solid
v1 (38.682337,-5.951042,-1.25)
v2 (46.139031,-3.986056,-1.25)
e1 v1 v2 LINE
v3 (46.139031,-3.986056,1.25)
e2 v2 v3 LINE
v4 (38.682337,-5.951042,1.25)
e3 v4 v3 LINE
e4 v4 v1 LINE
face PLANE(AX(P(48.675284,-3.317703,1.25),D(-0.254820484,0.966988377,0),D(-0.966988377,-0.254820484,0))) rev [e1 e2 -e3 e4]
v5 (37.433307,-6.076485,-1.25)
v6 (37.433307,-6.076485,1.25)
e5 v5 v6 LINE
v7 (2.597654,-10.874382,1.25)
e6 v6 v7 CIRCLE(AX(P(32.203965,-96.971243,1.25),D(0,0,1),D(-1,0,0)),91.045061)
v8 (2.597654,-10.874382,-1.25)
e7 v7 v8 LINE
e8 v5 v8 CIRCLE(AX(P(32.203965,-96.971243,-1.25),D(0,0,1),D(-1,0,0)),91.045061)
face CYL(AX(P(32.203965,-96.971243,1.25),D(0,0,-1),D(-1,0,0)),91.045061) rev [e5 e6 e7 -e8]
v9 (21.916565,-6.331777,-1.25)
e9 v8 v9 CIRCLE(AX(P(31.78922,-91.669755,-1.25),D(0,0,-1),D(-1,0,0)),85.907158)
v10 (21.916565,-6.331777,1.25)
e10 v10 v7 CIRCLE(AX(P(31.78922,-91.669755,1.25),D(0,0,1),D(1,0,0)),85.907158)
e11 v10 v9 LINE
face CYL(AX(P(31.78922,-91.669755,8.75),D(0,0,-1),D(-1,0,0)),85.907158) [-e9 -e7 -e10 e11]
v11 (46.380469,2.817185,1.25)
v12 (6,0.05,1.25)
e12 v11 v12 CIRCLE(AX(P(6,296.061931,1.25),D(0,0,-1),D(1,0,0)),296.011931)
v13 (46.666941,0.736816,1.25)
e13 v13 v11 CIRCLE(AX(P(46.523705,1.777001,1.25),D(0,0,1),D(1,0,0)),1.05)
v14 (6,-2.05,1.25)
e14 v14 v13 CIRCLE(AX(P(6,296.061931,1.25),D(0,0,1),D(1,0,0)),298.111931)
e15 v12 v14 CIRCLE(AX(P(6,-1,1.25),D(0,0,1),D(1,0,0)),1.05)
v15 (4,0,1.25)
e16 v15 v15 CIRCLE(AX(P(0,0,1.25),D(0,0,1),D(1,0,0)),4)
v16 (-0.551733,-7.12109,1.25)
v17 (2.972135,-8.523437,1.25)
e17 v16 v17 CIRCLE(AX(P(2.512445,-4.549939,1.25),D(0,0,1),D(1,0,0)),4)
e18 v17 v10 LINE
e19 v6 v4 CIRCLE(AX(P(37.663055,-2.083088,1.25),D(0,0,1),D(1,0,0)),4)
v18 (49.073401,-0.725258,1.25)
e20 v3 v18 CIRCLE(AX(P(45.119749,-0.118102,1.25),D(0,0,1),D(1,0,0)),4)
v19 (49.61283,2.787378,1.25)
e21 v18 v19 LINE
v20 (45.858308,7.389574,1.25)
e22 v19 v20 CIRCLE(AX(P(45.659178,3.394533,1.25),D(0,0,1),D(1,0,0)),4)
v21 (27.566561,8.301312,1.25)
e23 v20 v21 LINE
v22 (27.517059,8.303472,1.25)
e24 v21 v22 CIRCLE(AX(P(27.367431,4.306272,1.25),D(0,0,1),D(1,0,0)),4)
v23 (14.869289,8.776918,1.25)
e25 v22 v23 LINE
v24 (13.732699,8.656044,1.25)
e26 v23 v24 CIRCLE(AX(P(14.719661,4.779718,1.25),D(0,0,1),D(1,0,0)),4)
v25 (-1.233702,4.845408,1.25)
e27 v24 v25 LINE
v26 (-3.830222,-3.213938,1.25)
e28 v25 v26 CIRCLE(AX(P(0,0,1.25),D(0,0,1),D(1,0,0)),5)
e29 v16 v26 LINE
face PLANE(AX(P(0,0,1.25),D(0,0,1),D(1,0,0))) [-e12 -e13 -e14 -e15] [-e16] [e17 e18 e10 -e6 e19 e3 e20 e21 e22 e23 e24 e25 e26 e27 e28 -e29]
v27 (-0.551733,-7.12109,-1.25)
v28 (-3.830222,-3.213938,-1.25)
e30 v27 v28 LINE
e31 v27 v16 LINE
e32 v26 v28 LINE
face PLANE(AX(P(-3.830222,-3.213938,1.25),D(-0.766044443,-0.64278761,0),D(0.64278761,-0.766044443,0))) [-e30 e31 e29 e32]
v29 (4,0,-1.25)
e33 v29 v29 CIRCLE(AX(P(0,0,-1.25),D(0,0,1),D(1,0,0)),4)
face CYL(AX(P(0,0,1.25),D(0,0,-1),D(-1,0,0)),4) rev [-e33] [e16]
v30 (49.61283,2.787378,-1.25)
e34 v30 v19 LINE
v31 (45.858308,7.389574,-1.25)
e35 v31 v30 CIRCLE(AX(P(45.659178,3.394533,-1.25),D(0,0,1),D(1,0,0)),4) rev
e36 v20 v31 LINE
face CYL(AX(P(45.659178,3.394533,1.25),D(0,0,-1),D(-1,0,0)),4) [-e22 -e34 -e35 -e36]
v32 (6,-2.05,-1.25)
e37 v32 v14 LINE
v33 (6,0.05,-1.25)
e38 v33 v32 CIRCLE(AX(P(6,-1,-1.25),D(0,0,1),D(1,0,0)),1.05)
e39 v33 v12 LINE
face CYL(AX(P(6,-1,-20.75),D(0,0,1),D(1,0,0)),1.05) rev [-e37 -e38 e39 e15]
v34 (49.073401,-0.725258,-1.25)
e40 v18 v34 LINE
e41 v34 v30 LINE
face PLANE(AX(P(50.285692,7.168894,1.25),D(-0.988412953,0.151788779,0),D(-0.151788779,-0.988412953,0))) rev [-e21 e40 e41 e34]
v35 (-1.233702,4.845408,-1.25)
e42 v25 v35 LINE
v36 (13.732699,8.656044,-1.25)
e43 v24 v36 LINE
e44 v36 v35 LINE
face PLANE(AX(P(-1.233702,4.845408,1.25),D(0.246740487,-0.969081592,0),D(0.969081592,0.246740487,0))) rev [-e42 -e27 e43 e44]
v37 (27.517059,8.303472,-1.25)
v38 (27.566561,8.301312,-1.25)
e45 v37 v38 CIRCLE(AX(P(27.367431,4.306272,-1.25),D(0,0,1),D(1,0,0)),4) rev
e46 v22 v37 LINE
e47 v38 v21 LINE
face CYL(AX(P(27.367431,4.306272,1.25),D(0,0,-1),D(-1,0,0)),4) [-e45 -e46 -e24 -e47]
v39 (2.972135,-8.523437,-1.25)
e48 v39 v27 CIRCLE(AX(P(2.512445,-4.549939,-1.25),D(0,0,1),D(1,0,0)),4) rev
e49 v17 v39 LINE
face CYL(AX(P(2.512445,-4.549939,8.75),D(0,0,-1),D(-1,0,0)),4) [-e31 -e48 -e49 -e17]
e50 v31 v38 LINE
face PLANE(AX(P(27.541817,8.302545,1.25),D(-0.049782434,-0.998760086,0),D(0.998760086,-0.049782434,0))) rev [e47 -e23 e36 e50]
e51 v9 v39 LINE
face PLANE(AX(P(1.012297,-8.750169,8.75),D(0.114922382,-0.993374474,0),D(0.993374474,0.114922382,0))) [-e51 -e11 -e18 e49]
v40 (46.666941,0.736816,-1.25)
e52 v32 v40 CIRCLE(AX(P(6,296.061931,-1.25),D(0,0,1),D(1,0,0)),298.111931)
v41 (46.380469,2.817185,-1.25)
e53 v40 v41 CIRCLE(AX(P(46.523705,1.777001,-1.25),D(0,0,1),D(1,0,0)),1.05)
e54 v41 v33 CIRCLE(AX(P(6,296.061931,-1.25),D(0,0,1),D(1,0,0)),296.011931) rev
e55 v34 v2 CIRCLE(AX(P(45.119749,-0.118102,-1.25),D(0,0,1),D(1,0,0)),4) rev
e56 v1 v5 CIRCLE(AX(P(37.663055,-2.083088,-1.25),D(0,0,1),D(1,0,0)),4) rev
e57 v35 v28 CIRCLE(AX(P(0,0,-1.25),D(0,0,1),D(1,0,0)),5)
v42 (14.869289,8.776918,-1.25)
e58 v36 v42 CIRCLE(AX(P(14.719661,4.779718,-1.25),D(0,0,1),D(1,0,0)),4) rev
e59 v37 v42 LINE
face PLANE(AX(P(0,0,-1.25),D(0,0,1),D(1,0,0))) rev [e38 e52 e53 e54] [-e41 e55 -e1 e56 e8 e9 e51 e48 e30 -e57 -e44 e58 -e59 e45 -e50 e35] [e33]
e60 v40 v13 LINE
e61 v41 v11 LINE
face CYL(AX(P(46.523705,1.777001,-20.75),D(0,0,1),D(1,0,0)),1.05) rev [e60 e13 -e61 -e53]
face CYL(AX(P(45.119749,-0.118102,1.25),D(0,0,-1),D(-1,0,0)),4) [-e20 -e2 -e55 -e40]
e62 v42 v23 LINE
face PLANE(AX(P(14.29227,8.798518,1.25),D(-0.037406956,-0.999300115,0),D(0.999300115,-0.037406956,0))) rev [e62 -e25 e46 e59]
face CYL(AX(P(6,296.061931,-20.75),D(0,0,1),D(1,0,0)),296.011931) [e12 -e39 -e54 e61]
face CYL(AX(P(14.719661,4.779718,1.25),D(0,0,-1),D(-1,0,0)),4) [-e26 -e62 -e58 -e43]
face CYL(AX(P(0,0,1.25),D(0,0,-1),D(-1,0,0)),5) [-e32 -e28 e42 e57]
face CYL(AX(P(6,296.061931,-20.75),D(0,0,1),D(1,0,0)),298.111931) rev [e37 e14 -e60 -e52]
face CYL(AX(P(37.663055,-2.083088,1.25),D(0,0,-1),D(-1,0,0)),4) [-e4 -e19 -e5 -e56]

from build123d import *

# Parameters (mm, degrees)
SKETCH_1_R          = 4
EXTRUDE_1_DEPTH     = 1.25
CUT_EXTRUDE_1_DEPTH = 22
EXTRUDE_START       = -2.5
EXTRUDE_2_DEPTH     = 2.5
CUT_EXTRUDE_START   = -2.5
CUT_EXTRUDE_2_DEPTH = 2.5
CUT_EXTRUDE_4_DEPTH = 10
FILLET_1_R          = 4


with BuildPart() as part:
    # 草图1 → 凸台-拉伸1 (new, symmetric)
    with BuildSketch(Plane.XY):
        with BuildLine():
            Line((-1.233702436, 4.84540796), (14.292269552, 8.798517714))
            Line((14.292269552, 8.798517714), (27.541816671, 8.302545362))
            Line((27.541816671, 8.302545362), (50.285691672, 7.168894271))
            Line((50.285691672, 7.168894271), (48.971743891, -1.387225717))
            Line((48.971743891, -1.387225717), (38.114277377, -2.724152564))
            Line((38.114277377, -2.724152564), (18.384478153, -4.790312237))
            Line((18.384478153, -4.790312237), (3.124153733, -7.364758207))
            Line((3.124153733, -7.364758207), (-2.372822781, -4.401103504))
            ThreePointArc((-2.372822781, -4.401103504), (-4.962484216, 0.611351292), (-1.233702436, 4.84540796))
        make_face()
        Circle(SKETCH_1_R, mode=Mode.SUBTRACT)
    extrude(amount=EXTRUDE_1_DEPTH, both=True)

    # 草图2 → 切除-拉伸1 (cut)
    with BuildSketch(Plane.XY.offset(1.25)):
        with BuildLine():
            ThreePointArc((6, -2.05), (26.381158068, -1.352479883), (46.666940766, 0.736816365))
            ThreePointArc((46.666940766, 0.736816365), (47.563889378, 1.920236488), (46.380469254, 2.8171851))
            ThreePointArc((46.380469254, 2.8171851), (26.237586384, 0.742606553), (6, 0.05))
            ThreePointArc((6, 0.05), (4.95, -1), (6, -2.05))
        make_face()
    extrude(amount=-CUT_EXTRUDE_1_DEPTH, mode=Mode.SUBTRACT)

    # 草图3 → 凸台-拉伸2 (add)
    with BuildSketch(Plane(origin=(0, 0, -1.25), x_dir=(-1, 0, 0), z_dir=(0, 0, -1)).offset(EXTRUDE_START)):
        with BuildLine():
            Line((3.830222216, -3.213938048), (-2.597653881, -10.87438248))
            ThreePointArc((-2.597653881, -10.87438248), (-25.103045153, -6.203517484), (-48.061011216, -7.317703438))
            Line((-48.061011216, -7.317703438), (-48.971743891, -1.387225717))
            Line((-48.971743891, -1.387225717), (-38.114277377, -2.724152564))
            Line((-38.114277377, -2.724152564), (-18.384478153, -4.790312237))
            Line((-18.384478153, -4.790312237), (-3.124153733, -7.364758207))
            Line((-3.124153733, -7.364758207), (2.372822781, -4.401103504))
            ThreePointArc((2.372822781, -4.401103504), (3.157812892, -3.876624529), (3.830222216, -3.213938048))
        make_face()
    extrude(amount=EXTRUDE_2_DEPTH)

    # 草图4 → 切除-拉伸2 (cut)
    with BuildSketch(Plane(origin=(0, 0, -1.25), x_dir=(-1, 0, 0), z_dir=(0, 0, -1)).offset(CUT_EXTRUDE_START)):
        with BuildLine():
            Line((-48.675283939, -3.317703438), (-38.061011216, -6.114773366))
            ThreePointArc((-38.061011216, -6.114773366), (-43.07765861, -6.577848026), (-48.061011216, -7.317703438))
            Line((-48.061011216, -7.317703438), (-48.675283939, -3.317703438))
        make_face()
    extrude(amount=CUT_EXTRUDE_2_DEPTH, mode=Mode.SUBTRACT)

    # 草图6 → 切除-拉伸4 (cut)
    with BuildSketch(Plane(origin=(0, 0, -1.25), x_dir=(-1, 0, 0), z_dir=(0, 0, -1))):
        with BuildLine():
            ThreePointArc((-21.916565225, -6.331777176), (-20.02762746, -6.571548728), (-18.144467787, -6.853126294))
            ThreePointArc((-18.144467787, -6.853126294), (-10.276894061, -8.499690713), (-2.597653881, -10.87438248))
            Line((-2.597653881, -10.87438248), (-0.832664521, -8.770950068))
            Line((-0.832664521, -8.770950068), (-21.916565225, -6.331777176))
        make_face()
    extrude(amount=-CUT_EXTRUDE_4_DEPTH, mode=Mode.SUBTRACT)

    # 圆角1
    fillet_1_edges = [part.edges().sort_by_distance(p)[0] for p in [
        (14.292269552, 8.798517714, 0),
        (27.541816671, 8.302545362, 0),
        (50.285691672, 7.168894271, 0),
        (48.675283939, -3.317703438, 0),
        (38.061011216, -6.114773366, 0),
        (0.832664521, -8.770950068, 0),
    ]]
    fillet(fillet_1_edges, radius=FILLET_1_R)


solid = part.part
